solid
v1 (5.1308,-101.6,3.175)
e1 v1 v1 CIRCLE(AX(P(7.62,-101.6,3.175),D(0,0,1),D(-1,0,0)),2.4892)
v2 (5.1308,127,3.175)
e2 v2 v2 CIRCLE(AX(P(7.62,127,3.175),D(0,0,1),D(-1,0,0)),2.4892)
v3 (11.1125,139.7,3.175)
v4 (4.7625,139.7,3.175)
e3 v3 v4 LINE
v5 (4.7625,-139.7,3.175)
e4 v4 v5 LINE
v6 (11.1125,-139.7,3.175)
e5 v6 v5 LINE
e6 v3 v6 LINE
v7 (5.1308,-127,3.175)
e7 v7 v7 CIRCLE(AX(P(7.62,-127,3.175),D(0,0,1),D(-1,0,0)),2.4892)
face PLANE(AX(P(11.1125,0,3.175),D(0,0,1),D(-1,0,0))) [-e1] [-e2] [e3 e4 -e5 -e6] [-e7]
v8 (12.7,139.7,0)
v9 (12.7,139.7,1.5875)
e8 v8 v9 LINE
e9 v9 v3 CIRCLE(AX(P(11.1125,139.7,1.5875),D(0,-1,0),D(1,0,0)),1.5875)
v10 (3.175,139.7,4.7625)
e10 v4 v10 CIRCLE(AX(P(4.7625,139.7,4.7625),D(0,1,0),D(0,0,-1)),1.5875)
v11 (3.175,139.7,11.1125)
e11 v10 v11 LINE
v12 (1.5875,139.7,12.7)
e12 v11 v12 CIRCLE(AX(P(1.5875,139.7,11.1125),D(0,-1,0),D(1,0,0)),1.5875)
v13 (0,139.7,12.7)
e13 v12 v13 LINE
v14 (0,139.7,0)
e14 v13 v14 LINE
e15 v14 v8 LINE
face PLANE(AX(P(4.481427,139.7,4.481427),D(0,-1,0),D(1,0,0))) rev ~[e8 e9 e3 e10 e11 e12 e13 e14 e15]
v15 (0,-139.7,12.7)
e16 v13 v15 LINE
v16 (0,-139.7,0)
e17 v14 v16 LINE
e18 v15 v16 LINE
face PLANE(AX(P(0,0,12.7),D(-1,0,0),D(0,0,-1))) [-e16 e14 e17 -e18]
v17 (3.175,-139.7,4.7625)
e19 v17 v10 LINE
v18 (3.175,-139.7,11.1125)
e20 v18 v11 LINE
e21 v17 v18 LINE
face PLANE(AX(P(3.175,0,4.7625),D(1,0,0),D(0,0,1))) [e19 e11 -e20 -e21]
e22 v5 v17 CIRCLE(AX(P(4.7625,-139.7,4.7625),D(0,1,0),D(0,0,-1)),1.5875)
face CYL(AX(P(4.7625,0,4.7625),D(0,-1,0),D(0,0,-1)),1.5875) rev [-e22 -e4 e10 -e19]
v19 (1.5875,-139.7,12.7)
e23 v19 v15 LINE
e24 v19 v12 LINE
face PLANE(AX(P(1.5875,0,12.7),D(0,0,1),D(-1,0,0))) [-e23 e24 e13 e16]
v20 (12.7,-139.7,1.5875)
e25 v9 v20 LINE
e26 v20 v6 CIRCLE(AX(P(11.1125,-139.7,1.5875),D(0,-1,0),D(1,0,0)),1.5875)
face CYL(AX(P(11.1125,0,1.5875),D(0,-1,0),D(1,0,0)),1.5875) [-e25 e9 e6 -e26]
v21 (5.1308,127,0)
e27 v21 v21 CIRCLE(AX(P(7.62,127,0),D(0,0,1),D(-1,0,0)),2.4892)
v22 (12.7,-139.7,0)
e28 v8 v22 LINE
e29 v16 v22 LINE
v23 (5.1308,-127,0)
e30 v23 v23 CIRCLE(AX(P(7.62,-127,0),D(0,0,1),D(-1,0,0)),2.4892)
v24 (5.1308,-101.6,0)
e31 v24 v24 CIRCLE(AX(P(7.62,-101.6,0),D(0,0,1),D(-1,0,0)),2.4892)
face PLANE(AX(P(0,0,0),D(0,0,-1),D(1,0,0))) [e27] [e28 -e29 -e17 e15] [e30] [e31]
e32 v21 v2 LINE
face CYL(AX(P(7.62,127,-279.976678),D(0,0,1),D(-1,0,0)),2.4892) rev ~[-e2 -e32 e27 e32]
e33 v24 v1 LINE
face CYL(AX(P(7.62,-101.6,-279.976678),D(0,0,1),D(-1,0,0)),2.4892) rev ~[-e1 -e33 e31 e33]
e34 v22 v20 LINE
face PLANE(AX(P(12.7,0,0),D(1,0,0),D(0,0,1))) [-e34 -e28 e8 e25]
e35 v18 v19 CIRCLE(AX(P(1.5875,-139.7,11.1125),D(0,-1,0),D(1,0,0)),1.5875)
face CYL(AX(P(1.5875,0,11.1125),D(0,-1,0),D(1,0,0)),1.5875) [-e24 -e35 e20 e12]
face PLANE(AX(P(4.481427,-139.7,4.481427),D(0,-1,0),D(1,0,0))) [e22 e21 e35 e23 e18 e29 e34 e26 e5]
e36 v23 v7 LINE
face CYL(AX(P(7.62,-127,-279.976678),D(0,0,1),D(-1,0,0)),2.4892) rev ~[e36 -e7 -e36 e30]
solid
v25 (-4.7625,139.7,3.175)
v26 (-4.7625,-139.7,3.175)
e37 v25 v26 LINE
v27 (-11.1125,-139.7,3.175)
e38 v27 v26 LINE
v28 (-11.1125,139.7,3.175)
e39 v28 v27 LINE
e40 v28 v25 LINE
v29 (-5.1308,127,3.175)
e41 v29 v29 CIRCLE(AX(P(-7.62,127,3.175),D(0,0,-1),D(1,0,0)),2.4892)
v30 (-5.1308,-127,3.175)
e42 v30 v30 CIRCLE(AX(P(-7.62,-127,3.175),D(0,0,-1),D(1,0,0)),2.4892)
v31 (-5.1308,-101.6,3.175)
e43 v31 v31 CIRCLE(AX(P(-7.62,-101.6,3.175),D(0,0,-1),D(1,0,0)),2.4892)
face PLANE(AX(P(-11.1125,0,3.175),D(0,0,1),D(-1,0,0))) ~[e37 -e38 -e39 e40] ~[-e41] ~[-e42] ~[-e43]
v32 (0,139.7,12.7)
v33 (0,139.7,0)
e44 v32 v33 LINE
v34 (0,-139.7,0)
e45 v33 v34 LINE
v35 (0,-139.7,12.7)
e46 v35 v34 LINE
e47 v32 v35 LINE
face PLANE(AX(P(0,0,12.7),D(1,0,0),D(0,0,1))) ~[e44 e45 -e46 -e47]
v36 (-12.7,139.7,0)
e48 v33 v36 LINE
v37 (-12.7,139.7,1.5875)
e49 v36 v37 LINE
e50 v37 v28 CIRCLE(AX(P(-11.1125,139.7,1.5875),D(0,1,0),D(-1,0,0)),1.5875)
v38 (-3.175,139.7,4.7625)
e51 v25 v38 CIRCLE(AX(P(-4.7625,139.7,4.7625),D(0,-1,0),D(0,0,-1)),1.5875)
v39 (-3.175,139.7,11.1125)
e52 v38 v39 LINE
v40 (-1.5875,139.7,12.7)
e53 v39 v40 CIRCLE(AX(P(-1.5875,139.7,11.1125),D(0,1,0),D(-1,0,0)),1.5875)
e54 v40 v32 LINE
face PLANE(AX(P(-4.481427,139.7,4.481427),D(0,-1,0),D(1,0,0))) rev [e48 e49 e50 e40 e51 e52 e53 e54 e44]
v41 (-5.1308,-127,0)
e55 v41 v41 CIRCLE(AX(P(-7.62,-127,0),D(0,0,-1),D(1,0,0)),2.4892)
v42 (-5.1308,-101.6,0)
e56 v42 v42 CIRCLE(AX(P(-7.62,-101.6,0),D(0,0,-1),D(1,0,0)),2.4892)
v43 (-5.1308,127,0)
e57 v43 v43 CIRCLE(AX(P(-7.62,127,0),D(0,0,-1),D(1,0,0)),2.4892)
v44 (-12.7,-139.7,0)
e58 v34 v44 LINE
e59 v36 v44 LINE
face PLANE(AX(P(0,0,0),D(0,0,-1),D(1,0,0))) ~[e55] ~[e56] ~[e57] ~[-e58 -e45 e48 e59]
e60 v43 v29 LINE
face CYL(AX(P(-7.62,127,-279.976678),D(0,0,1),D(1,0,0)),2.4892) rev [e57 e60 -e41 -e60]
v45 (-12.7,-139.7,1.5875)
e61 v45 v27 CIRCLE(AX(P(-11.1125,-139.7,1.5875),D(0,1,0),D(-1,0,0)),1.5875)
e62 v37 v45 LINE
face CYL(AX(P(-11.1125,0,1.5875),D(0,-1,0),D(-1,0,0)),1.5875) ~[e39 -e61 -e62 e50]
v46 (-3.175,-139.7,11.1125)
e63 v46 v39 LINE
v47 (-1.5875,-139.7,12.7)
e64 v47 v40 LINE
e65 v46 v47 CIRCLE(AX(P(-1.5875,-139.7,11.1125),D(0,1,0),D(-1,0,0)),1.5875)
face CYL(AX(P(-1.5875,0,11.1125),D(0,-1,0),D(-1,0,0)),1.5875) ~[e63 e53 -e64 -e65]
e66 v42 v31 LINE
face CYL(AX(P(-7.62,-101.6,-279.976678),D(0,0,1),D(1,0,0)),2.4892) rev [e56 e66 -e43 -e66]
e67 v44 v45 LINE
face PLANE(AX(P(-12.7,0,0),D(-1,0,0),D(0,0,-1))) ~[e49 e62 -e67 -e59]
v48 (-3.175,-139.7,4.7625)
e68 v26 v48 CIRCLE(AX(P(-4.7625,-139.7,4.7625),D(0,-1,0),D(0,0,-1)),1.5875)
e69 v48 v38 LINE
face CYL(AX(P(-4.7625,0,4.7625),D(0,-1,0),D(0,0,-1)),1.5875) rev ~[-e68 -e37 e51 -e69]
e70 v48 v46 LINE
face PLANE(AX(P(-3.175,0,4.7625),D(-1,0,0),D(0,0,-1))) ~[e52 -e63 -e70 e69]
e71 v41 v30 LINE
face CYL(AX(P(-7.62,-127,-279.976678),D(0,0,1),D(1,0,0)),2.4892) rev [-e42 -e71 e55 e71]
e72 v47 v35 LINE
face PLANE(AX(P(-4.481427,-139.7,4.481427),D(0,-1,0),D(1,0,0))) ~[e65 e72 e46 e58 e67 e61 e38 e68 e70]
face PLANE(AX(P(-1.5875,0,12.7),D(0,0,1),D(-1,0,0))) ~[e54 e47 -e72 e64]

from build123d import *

# Parameters (mm, degrees)
F1_DEPTH = 139.7
F3_D     = 4.9784


with BuildPart() as f1:
    # F0 (on Front) → F1 (new body, symmetric)
    with BuildSketch(Plane.XZ):
        with BuildLine():
            Line((1.5875, 12.7), (0, 12.7))
            Line((0, 12.7), (0, 0))
            Line((0, 0), (12.7, 0))
            Line((12.7, 0), (12.7, 1.5875))
            ThreePointArc((12.7, 1.5875), (12.2350320151, 2.7100320151), (11.1125, 3.175))
            Line((11.1125, 3.175), (4.7625, 3.175))
            ThreePointArc((4.7625, 3.175), (3.6399679849, 3.6399679849), (3.175, 4.7625))
            Line((3.175, 4.7625), (3.175, 11.1125))
            ThreePointArc((3.175, 11.1125), (2.7100320151, 12.2350320151), (1.5875, 12.7))
        make_face()
    extrude(amount=F1_DEPTH, both=True)

    # F3 (through all)
    with Locations(Plane(origin=(0, 0, 0), x_dir=(1, 0, 0), z_dir=(0, 0, -1))):
        with Locations((7.62, -127), (7.62, 101.6), (7.62, 127)):
            Hole(F3_D / 2)


with BuildPart() as f4_1:
    # F4: instance of F1
    add(f1.part.mirror(Plane.YZ))


solid = Compound([f1.part, f4_1.part])
